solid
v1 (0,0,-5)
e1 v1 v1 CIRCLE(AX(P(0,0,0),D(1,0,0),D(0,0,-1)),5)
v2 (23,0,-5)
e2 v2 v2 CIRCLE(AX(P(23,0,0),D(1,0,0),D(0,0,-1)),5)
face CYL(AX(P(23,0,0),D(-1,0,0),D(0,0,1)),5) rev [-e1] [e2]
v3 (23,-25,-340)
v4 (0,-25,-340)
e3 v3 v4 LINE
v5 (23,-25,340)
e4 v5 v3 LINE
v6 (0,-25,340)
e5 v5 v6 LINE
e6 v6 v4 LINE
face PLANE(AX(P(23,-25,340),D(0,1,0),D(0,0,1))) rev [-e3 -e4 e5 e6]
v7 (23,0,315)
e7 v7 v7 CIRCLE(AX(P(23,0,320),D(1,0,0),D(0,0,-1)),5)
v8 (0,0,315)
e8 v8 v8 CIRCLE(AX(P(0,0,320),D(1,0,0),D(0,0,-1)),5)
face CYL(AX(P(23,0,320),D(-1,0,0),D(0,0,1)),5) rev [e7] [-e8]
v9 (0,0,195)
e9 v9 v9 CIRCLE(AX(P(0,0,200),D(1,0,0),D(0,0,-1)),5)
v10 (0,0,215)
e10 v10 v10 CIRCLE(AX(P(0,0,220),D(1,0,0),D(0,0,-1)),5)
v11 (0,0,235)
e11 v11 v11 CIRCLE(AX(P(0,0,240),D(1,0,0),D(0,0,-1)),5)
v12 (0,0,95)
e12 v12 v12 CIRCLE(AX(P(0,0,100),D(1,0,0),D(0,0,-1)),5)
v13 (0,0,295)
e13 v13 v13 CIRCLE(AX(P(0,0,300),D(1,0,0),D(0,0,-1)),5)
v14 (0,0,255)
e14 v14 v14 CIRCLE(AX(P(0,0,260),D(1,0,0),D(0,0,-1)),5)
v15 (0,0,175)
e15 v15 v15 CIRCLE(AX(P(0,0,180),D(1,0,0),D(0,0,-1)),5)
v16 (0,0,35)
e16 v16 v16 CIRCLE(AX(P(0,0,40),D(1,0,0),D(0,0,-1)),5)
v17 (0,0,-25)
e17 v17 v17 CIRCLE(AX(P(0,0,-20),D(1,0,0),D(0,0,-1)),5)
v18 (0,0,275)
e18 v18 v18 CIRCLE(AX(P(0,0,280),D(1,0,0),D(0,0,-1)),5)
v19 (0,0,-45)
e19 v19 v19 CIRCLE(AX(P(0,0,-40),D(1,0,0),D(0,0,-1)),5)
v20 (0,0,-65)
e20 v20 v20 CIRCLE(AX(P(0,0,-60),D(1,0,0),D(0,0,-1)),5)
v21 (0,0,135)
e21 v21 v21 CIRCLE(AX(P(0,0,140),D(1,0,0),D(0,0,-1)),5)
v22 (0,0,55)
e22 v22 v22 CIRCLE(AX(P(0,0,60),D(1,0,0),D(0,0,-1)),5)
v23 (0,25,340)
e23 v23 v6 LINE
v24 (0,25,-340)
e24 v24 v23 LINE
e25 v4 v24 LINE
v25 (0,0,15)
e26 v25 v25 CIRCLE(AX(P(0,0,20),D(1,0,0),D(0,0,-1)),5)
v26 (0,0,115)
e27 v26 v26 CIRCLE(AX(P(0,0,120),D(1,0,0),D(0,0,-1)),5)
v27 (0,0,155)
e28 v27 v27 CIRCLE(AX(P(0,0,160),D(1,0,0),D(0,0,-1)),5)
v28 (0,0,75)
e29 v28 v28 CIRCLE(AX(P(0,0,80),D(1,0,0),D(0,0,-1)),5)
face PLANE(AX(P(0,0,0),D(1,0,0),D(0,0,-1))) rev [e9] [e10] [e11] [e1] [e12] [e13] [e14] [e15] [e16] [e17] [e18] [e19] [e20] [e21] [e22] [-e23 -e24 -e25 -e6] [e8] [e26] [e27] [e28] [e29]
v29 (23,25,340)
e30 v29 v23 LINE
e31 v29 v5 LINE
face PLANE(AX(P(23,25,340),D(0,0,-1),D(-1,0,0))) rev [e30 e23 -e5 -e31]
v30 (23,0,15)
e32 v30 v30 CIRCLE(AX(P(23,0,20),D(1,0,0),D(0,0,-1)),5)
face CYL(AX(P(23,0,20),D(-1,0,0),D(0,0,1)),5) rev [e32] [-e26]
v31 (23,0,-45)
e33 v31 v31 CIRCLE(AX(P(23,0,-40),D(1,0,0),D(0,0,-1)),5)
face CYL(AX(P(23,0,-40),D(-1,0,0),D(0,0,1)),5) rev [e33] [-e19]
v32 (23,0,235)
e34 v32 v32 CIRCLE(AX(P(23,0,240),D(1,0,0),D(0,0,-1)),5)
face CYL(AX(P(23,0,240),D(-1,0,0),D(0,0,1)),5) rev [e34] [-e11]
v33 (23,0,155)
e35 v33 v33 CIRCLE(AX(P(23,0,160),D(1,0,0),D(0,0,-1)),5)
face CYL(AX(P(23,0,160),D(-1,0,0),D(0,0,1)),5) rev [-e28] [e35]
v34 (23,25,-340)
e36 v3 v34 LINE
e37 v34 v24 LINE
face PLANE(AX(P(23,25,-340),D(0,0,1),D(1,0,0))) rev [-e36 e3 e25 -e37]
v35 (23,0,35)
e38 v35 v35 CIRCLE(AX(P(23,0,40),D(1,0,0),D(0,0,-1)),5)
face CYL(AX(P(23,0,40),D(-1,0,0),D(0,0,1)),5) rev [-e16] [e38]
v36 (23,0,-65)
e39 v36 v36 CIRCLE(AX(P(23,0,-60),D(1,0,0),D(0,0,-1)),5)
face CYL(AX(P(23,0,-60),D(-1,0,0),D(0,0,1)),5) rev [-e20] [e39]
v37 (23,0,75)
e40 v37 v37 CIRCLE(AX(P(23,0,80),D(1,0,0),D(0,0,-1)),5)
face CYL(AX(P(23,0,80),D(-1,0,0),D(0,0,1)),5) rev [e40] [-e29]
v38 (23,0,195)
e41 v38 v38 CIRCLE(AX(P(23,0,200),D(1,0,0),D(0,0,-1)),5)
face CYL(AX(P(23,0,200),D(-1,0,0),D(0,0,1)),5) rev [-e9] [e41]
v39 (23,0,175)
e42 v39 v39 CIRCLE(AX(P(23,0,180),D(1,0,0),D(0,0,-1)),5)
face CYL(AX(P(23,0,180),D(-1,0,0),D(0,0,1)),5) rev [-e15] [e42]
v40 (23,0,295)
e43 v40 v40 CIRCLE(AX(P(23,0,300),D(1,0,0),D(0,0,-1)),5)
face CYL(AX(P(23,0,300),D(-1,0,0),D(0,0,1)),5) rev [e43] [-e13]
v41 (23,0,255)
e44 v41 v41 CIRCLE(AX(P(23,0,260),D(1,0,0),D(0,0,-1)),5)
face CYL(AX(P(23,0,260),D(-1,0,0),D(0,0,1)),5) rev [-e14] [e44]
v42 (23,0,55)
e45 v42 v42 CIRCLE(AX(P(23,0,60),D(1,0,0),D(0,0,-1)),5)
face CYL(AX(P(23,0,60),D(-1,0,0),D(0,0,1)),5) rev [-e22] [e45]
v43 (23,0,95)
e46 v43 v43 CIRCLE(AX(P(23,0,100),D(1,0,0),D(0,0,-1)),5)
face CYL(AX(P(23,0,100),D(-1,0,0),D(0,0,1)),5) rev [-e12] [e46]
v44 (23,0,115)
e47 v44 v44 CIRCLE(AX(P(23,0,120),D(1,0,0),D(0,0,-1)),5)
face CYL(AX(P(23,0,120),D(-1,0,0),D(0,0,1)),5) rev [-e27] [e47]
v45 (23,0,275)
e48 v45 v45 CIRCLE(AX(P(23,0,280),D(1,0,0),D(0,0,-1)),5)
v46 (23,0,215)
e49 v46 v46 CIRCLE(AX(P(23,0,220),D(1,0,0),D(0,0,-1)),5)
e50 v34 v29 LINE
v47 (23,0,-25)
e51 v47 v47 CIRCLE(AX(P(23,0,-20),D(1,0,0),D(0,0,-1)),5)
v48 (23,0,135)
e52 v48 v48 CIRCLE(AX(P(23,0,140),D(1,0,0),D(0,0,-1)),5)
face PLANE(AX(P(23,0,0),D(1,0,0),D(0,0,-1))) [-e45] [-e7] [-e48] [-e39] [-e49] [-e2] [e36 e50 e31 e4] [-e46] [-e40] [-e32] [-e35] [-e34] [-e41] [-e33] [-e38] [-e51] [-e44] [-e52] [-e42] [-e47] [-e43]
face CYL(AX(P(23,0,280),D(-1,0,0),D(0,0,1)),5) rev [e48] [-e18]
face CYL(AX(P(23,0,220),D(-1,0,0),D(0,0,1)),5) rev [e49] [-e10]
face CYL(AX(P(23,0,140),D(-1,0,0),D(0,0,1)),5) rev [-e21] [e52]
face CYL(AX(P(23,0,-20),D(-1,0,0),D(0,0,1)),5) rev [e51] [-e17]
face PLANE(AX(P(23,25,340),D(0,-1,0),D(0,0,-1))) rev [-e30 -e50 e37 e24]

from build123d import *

# Parameters (mm, degrees)
SKETCH1_W           = 680
SKETCH1_H           = 50
SKETCH1_R           = 5
BOSS_EXTRUDE1_DEPTH = 23


with BuildPart() as part:
    # Sketch1 → Boss-Extrude1 (new body)
    with BuildSketch(Plane(origin=(0, 0, 0), x_dir=(0, 0, -1), z_dir=(1, 0, 0))):
        Rectangle(SKETCH1_W, SKETCH1_H)
        with Locations((-320, 0)):
            Circle(SKETCH1_R, mode=Mode.SUBTRACT)
        with Locations((-300, 0)):
            Circle(SKETCH1_R, mode=Mode.SUBTRACT)
        with Locations((-280, 0)):
            Circle(SKETCH1_R, mode=Mode.SUBTRACT)
        with Locations((-260, 0)):
            Circle(SKETCH1_R, mode=Mode.SUBTRACT)
        with Locations((-240, 0)):
            Circle(SKETCH1_R, mode=Mode.SUBTRACT)
        with Locations((-220, 0)):
            Circle(SKETCH1_R, mode=Mode.SUBTRACT)
        with Locations((-200, 0)):
            Circle(SKETCH1_R, mode=Mode.SUBTRACT)
        with Locations((-180, 0)):
            Circle(SKETCH1_R, mode=Mode.SUBTRACT)
        with Locations((-160, 0)):
            Circle(SKETCH1_R, mode=Mode.SUBTRACT)
        with Locations((-140, 0)):
            Circle(SKETCH1_R, mode=Mode.SUBTRACT)
        with Locations((-120, 0)):
            Circle(SKETCH1_R, mode=Mode.SUBTRACT)
        with Locations((-100, 0)):
            Circle(SKETCH1_R, mode=Mode.SUBTRACT)
        with Locations((-80, 0)):
            Circle(SKETCH1_R, mode=Mode.SUBTRACT)
        with Locations((-60, 0)):
            Circle(SKETCH1_R, mode=Mode.SUBTRACT)
        with Locations((-40, 0)):
            Circle(SKETCH1_R, mode=Mode.SUBTRACT)
        with Locations((-20, 0)):
            Circle(SKETCH1_R, mode=Mode.SUBTRACT)
        Circle(SKETCH1_R, mode=Mode.SUBTRACT)
        with Locations((20, 0)):
            Circle(SKETCH1_R, mode=Mode.SUBTRACT)
        with Locations((40, 0)):
            Circle(SKETCH1_R, mode=Mode.SUBTRACT)
        with Locations((60, 0)):
            Circle(SKETCH1_R, mode=Mode.SUBTRACT)
    extrude(amount=BOSS_EXTRUDE1_DEPTH)


solid = part.part
